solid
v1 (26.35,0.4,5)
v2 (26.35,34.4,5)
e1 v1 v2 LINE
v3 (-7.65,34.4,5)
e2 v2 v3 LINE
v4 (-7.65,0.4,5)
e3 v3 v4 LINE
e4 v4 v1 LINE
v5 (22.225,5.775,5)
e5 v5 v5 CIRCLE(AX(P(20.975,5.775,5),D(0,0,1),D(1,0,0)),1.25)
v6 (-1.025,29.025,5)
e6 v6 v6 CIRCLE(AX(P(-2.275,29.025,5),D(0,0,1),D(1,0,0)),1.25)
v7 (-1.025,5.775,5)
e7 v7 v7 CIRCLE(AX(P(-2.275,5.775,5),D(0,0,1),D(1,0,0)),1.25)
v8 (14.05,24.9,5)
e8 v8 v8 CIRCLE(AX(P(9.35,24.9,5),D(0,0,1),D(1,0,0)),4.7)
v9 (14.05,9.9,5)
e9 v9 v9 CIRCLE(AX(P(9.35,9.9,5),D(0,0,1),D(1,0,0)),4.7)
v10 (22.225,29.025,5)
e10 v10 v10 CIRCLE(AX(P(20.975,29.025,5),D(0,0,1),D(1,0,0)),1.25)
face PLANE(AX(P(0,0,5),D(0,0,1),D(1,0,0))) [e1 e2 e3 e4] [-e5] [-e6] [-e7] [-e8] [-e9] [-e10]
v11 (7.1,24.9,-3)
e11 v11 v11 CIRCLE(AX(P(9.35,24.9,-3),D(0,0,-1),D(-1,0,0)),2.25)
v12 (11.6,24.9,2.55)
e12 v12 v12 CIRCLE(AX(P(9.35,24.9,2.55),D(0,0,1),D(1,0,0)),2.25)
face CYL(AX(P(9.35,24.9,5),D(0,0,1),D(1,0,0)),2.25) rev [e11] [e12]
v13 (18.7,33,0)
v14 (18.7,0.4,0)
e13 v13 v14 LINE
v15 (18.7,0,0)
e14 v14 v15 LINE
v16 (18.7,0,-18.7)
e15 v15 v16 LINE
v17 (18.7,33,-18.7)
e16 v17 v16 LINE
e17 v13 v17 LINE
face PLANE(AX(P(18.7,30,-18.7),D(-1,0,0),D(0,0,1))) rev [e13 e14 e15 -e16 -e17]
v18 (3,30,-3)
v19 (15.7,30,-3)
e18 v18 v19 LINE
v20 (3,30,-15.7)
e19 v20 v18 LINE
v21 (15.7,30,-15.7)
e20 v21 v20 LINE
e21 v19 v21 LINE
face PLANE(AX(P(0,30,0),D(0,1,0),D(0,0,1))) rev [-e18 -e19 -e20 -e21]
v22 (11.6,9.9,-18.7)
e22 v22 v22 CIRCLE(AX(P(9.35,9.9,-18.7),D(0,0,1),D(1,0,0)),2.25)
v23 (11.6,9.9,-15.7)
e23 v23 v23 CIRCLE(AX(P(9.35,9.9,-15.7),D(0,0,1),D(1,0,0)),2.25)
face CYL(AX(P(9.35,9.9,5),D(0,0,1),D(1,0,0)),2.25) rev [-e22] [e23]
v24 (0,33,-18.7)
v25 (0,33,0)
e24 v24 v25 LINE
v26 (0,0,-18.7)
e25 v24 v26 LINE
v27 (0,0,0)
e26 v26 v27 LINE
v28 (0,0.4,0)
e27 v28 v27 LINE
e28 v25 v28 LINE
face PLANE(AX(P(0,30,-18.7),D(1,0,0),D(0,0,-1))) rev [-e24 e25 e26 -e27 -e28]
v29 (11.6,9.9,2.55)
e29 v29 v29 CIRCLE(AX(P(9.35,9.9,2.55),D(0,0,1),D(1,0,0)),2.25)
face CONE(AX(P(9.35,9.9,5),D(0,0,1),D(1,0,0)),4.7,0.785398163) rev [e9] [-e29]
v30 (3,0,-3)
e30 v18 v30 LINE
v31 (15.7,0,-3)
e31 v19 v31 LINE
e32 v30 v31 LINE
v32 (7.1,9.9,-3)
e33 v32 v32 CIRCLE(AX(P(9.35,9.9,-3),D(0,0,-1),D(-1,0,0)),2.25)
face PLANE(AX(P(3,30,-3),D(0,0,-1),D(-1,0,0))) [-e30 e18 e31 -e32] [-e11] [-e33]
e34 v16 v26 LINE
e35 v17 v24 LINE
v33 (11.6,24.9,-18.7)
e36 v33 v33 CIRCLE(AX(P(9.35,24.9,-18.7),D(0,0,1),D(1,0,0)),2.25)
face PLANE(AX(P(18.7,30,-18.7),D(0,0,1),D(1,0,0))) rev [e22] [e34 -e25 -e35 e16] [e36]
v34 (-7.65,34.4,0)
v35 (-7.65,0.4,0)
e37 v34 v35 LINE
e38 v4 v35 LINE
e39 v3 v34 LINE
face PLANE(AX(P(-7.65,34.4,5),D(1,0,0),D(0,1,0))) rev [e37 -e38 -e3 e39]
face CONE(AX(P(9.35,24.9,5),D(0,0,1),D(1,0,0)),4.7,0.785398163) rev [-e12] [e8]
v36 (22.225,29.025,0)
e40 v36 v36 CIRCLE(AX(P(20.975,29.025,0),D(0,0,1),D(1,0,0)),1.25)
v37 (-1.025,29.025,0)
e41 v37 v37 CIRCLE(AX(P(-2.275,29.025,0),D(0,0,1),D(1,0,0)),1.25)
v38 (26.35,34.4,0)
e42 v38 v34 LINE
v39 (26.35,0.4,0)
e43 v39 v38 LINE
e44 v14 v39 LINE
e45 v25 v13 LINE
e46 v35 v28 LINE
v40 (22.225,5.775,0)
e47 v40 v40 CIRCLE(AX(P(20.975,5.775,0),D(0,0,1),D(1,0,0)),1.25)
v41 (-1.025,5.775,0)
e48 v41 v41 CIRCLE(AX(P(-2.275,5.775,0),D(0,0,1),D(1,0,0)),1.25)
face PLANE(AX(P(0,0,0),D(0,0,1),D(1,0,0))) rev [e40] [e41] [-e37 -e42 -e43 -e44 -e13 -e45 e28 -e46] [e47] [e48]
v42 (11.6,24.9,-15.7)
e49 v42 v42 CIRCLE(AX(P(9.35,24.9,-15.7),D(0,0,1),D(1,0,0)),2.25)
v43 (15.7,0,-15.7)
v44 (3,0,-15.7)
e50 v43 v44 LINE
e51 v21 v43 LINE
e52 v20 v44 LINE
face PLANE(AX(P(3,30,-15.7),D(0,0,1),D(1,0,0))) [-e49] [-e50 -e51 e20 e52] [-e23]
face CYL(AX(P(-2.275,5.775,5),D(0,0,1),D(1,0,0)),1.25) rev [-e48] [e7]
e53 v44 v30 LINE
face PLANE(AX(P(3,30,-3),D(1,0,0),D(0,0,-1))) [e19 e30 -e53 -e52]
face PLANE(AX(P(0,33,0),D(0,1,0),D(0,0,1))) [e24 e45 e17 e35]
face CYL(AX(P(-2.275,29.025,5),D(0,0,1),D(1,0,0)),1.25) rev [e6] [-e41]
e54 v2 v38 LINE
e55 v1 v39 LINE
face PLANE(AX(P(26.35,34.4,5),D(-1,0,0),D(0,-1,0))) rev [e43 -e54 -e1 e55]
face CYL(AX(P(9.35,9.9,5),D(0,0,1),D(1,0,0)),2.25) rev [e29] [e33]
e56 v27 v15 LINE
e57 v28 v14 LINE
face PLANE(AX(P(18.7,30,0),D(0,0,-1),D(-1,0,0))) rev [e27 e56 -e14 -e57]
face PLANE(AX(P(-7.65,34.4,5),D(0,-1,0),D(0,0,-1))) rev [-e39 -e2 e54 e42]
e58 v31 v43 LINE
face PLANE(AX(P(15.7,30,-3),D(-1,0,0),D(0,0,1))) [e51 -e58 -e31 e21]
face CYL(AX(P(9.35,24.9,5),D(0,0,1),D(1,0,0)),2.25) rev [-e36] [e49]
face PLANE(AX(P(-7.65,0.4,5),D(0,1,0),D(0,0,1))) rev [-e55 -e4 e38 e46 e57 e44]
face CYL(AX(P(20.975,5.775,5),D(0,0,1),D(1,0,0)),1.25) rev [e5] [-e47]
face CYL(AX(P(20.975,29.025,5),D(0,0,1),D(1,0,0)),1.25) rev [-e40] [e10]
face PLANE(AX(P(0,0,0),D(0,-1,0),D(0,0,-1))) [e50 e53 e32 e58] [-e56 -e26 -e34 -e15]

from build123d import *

# Parameters (mm, degrees)
SKETCH3_W                                       = 18.7
SKETCH3_H                                       = 18.7
SKETCH3_W_2                                     = 12.7
SKETCH3_H_2                                     = 12.7
BOSS_EXTRUDE2_DEPTH                             = 30
SKETCH4_W                                       = 18.7
SKETCH4_H                                       = 18.7
BOSS_EXTRUDE3_DEPTH                             = 3
SKETCH9_W                                       = 34
SKETCH9_H                                       = 34
BOSS_EXTRUDE4_DEPTH                             = 5
CSK_FOR_M4_FLAT_HEAD_MACHINE_SCREW3_D           = 4.5
CSK_FOR_M4_FLAT_HEAD_MACHINE_SCREW3_CSINK_D     = 9.4
CSK_FOR_M4_FLAT_HEAD_MACHINE_SCREW3_CSINK_ANGLE = 90
TAP_DRILL_FOR_M3X0_5_TAP1_D                     = 2.5


with BuildPart() as part:
    # Sketch3 → Boss-Extrude2 (new body)
    with BuildSketch(Plane(origin=(0, 0, 0), x_dir=(1, 0, 0), z_dir=(0, 1, 0))):
        with Locations((9.35, 9.35)):
            Rectangle(SKETCH3_W, SKETCH3_H)
        with Locations((9.35, 9.35)):
            Rectangle(SKETCH3_W_2, SKETCH3_H_2, mode=Mode.SUBTRACT)
    extrude(amount=BOSS_EXTRUDE2_DEPTH)

    # Sketch4 → Boss-Extrude3 (add)
    with BuildSketch(Plane(origin=(0, 30, 0), x_dir=(1, 0, 0), z_dir=(0, 1, 0))):
        with Locations((9.35, 9.35)):
            Rectangle(SKETCH4_W, SKETCH4_H)
    extrude(amount=BOSS_EXTRUDE3_DEPTH)

    # Sketch9 → Boss-Extrude4 (add)
    with BuildSketch(Plane.XY):
        with Locations((9.35, 17.4)):
            Rectangle(SKETCH9_W, SKETCH9_H)
    extrude(amount=BOSS_EXTRUDE4_DEPTH)

    # CSK for M4 Flat Head Machine Screw3 (through all)
    with Locations(Plane(origin=(9.35, 24.9, 5), x_dir=(1, 0, 0), z_dir=(0, 0, 1))):
        with Locations((0, 0), (0, -15)):
            CounterSinkHole(CSK_FOR_M4_FLAT_HEAD_MACHINE_SCREW3_D / 2, CSK_FOR_M4_FLAT_HEAD_MACHINE_SCREW3_CSINK_D / 2, counter_sink_angle=CSK_FOR_M4_FLAT_HEAD_MACHINE_SCREW3_CSINK_ANGLE)

    # Tap Drill for M3x0.5 Tap1 (through all)
    with Locations(Plane(origin=(-2.275, 29.025, 5), x_dir=(1, 0, 0), z_dir=(0, 0, 1))):
        with Locations((0, 0), (23.25, 0), (0, -23.25), (23.25, -23.25)):
            Hole(TAP_DRILL_FOR_M3X0_5_TAP1_D / 2)


solid = part.part
